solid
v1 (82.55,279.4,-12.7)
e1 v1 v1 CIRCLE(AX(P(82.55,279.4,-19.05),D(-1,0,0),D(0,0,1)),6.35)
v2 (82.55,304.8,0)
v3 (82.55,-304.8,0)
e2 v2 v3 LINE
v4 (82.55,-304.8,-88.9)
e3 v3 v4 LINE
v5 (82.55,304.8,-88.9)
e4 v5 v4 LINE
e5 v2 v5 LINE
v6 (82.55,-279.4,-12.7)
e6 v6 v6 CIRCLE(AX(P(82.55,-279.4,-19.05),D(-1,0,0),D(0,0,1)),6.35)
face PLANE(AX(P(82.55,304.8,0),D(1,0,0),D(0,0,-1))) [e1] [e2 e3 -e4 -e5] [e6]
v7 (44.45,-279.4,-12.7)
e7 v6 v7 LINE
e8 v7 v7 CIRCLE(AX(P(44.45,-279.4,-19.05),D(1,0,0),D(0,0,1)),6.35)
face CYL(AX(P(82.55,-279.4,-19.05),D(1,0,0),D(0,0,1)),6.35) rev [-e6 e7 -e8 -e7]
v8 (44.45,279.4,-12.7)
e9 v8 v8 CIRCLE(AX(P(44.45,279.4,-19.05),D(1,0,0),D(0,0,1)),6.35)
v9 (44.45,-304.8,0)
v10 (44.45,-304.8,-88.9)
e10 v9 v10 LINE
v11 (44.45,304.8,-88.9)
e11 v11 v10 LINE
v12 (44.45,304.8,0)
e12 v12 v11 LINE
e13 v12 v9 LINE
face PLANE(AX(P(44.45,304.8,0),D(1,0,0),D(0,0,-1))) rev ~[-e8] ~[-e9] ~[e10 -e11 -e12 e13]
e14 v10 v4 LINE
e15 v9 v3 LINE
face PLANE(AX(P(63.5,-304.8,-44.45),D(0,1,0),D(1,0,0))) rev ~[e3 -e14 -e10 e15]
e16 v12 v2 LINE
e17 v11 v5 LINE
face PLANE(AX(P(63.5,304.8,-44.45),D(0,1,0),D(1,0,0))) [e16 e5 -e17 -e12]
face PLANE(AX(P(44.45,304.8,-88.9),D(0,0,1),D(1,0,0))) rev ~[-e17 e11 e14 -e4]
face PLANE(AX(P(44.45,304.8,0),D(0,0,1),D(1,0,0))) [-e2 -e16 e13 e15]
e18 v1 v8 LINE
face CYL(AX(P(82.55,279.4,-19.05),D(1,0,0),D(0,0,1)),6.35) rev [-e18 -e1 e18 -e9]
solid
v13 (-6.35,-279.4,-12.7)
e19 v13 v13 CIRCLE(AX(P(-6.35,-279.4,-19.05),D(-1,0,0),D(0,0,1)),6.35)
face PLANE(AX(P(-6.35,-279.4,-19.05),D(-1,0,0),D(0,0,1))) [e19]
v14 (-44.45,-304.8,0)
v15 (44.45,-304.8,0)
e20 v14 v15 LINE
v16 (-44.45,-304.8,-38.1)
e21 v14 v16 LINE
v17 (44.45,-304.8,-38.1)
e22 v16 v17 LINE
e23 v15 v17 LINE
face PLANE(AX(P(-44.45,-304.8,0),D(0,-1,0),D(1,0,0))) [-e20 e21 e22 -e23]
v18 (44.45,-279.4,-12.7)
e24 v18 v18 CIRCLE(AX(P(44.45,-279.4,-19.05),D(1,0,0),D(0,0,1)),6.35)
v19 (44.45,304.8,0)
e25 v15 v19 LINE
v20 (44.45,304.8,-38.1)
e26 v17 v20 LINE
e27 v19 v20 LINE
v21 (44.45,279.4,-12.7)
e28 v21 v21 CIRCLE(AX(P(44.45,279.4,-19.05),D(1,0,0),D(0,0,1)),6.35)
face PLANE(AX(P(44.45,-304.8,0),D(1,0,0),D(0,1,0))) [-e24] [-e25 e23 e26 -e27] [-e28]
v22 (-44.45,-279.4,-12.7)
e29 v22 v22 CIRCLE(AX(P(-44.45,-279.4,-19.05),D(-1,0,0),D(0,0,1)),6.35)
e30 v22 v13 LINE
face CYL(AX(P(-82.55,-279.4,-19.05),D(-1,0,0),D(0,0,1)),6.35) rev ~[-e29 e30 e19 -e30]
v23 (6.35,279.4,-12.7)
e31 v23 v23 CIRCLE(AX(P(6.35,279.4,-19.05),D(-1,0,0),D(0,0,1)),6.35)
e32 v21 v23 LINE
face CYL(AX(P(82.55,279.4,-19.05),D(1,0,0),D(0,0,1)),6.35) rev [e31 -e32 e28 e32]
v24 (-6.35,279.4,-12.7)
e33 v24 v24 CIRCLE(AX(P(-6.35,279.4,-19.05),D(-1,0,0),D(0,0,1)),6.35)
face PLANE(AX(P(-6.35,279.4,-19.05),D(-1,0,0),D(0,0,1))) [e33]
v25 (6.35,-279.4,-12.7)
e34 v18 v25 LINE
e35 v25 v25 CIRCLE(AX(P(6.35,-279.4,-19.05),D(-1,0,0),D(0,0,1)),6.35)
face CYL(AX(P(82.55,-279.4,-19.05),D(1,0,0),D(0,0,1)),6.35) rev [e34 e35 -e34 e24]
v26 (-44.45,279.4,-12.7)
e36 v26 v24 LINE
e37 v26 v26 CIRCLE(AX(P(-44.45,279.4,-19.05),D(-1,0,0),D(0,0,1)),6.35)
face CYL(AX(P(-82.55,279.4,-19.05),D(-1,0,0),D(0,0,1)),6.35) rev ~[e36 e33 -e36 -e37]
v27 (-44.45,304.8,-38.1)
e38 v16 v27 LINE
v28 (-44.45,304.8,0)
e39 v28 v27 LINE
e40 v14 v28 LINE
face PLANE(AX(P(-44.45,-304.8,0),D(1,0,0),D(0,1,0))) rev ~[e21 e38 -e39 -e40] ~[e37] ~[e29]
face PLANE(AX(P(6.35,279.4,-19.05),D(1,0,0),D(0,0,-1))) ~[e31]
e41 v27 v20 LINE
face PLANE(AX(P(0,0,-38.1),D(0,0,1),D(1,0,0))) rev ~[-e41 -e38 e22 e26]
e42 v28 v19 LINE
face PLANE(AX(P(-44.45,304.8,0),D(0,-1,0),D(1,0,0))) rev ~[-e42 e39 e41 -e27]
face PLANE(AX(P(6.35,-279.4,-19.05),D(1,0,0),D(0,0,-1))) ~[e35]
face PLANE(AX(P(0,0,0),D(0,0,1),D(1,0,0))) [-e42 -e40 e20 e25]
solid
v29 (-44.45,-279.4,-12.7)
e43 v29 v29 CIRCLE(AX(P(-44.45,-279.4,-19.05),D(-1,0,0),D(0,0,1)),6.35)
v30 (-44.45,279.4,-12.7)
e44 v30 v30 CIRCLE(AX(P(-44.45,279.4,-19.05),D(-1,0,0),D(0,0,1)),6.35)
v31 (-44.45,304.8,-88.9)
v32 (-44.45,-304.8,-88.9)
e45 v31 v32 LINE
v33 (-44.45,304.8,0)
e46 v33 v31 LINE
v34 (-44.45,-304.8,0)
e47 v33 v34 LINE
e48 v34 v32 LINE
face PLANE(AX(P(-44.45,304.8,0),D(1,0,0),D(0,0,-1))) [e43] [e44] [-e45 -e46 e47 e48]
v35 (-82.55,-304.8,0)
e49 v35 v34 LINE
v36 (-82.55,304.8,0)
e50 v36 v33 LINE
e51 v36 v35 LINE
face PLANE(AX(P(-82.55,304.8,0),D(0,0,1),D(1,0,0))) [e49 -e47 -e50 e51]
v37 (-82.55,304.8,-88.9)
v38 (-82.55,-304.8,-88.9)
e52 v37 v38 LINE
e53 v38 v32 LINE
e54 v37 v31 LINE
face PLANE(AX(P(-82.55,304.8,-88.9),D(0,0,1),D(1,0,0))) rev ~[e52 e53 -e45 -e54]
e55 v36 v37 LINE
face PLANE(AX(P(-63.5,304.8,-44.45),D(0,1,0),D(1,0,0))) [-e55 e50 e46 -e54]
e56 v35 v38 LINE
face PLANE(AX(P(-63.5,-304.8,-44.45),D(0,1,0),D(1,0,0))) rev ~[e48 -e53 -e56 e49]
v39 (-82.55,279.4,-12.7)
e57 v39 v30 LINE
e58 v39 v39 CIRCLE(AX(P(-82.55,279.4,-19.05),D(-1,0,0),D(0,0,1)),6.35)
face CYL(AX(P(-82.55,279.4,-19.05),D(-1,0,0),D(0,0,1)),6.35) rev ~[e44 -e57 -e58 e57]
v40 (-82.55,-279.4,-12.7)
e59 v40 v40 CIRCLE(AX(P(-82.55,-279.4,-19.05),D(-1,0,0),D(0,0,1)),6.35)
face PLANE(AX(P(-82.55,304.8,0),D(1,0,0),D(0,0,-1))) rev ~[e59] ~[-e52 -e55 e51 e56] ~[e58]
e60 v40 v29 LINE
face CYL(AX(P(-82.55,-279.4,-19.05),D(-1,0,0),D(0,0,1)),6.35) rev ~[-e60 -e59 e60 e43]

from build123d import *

# Parameters (mm, degrees)
SKETCH1_W             = 88.9
SKETCH1_H             = 609.6
BOSS_EXTRUDE1_DEPTH   = 38.1
SKETCH2_W             = 38.1
SKETCH2_H             = 88.9
BOSS_EXTRUDE2_DEPTH   = 609.6
BOSS_EXTRUDE2_2_DEPTH = 609.6
SKETCH3_R             = 6.35
CUT_EXTRUDE1_DEPTH    = 76.2


with BuildPart() as part:
    # Sketch1 → Boss-Extrude1 (new body)
    with BuildSketch(Plane.XY):
        Rectangle(SKETCH1_W, SKETCH1_H)
    extrude(amount=-BOSS_EXTRUDE1_DEPTH)


with BuildPart() as body_2:
    # Sketch2 → Boss-Extrude2 (new body)
    with BuildSketch(Plane(origin=(0, 304.8, 0), x_dir=(1, 0, 0), z_dir=(0, 1, 0))):
        with Locations((63.5, 44.45)):
            Rectangle(SKETCH2_W, SKETCH2_H)
    extrude(amount=-BOSS_EXTRUDE2_DEPTH)


with BuildPart() as body_3:
    # Sketch2 → Boss-Extrude2 2 (new body)
    with BuildSketch(Plane(origin=(0, 304.8, 0), x_dir=(1, 0, 0), z_dir=(0, 1, 0))):
        with Locations((-63.5, 44.45)):
            Rectangle(SKETCH2_W, SKETCH2_H)
    extrude(amount=-BOSS_EXTRUDE2_2_DEPTH)


with BuildPart() as cut_extrude1_tool:
    # Sketch3 → Cut-Extrude1 (new body)
    with BuildSketch(Plane.ZY.offset(82.55)):
        with Locations((-19.05, 279.4)):
            Circle(SKETCH3_R)
        with Locations((-19.05, -279.4)):
            Circle(SKETCH3_R)
    cut_extrude1 = extrude(amount=-CUT_EXTRUDE1_DEPTH)


with BuildPart() as part_1:
    add(part.part)

    # Cut-Extrude1: cut by cut_extrude1_tool
    add(cut_extrude1_tool.part, mode=Mode.SUBTRACT)


with BuildPart() as body_3_1:
    add(body_3.part)

    # Cut-Extrude1: cut by cut_extrude1_tool
    add(cut_extrude1_tool.part, mode=Mode.SUBTRACT)


with BuildPart() as mirror1_tool:
    # Mirror1: Cut-Extrude1 across plane
    add(cut_extrude1.mirror(Plane.ZY))


with BuildPart() as part_2:
    add(part_1.part)

    # Mirror1: cut by mirror1_tool
    add(mirror1_tool.part, mode=Mode.SUBTRACT)


with BuildPart() as body_2_1:
    add(body_2.part)

    # Mirror1: cut by mirror1_tool
    add(mirror1_tool.part, mode=Mode.SUBTRACT)


solid = Compound([body_3_1.part, part_2.part, body_2_1.part])
